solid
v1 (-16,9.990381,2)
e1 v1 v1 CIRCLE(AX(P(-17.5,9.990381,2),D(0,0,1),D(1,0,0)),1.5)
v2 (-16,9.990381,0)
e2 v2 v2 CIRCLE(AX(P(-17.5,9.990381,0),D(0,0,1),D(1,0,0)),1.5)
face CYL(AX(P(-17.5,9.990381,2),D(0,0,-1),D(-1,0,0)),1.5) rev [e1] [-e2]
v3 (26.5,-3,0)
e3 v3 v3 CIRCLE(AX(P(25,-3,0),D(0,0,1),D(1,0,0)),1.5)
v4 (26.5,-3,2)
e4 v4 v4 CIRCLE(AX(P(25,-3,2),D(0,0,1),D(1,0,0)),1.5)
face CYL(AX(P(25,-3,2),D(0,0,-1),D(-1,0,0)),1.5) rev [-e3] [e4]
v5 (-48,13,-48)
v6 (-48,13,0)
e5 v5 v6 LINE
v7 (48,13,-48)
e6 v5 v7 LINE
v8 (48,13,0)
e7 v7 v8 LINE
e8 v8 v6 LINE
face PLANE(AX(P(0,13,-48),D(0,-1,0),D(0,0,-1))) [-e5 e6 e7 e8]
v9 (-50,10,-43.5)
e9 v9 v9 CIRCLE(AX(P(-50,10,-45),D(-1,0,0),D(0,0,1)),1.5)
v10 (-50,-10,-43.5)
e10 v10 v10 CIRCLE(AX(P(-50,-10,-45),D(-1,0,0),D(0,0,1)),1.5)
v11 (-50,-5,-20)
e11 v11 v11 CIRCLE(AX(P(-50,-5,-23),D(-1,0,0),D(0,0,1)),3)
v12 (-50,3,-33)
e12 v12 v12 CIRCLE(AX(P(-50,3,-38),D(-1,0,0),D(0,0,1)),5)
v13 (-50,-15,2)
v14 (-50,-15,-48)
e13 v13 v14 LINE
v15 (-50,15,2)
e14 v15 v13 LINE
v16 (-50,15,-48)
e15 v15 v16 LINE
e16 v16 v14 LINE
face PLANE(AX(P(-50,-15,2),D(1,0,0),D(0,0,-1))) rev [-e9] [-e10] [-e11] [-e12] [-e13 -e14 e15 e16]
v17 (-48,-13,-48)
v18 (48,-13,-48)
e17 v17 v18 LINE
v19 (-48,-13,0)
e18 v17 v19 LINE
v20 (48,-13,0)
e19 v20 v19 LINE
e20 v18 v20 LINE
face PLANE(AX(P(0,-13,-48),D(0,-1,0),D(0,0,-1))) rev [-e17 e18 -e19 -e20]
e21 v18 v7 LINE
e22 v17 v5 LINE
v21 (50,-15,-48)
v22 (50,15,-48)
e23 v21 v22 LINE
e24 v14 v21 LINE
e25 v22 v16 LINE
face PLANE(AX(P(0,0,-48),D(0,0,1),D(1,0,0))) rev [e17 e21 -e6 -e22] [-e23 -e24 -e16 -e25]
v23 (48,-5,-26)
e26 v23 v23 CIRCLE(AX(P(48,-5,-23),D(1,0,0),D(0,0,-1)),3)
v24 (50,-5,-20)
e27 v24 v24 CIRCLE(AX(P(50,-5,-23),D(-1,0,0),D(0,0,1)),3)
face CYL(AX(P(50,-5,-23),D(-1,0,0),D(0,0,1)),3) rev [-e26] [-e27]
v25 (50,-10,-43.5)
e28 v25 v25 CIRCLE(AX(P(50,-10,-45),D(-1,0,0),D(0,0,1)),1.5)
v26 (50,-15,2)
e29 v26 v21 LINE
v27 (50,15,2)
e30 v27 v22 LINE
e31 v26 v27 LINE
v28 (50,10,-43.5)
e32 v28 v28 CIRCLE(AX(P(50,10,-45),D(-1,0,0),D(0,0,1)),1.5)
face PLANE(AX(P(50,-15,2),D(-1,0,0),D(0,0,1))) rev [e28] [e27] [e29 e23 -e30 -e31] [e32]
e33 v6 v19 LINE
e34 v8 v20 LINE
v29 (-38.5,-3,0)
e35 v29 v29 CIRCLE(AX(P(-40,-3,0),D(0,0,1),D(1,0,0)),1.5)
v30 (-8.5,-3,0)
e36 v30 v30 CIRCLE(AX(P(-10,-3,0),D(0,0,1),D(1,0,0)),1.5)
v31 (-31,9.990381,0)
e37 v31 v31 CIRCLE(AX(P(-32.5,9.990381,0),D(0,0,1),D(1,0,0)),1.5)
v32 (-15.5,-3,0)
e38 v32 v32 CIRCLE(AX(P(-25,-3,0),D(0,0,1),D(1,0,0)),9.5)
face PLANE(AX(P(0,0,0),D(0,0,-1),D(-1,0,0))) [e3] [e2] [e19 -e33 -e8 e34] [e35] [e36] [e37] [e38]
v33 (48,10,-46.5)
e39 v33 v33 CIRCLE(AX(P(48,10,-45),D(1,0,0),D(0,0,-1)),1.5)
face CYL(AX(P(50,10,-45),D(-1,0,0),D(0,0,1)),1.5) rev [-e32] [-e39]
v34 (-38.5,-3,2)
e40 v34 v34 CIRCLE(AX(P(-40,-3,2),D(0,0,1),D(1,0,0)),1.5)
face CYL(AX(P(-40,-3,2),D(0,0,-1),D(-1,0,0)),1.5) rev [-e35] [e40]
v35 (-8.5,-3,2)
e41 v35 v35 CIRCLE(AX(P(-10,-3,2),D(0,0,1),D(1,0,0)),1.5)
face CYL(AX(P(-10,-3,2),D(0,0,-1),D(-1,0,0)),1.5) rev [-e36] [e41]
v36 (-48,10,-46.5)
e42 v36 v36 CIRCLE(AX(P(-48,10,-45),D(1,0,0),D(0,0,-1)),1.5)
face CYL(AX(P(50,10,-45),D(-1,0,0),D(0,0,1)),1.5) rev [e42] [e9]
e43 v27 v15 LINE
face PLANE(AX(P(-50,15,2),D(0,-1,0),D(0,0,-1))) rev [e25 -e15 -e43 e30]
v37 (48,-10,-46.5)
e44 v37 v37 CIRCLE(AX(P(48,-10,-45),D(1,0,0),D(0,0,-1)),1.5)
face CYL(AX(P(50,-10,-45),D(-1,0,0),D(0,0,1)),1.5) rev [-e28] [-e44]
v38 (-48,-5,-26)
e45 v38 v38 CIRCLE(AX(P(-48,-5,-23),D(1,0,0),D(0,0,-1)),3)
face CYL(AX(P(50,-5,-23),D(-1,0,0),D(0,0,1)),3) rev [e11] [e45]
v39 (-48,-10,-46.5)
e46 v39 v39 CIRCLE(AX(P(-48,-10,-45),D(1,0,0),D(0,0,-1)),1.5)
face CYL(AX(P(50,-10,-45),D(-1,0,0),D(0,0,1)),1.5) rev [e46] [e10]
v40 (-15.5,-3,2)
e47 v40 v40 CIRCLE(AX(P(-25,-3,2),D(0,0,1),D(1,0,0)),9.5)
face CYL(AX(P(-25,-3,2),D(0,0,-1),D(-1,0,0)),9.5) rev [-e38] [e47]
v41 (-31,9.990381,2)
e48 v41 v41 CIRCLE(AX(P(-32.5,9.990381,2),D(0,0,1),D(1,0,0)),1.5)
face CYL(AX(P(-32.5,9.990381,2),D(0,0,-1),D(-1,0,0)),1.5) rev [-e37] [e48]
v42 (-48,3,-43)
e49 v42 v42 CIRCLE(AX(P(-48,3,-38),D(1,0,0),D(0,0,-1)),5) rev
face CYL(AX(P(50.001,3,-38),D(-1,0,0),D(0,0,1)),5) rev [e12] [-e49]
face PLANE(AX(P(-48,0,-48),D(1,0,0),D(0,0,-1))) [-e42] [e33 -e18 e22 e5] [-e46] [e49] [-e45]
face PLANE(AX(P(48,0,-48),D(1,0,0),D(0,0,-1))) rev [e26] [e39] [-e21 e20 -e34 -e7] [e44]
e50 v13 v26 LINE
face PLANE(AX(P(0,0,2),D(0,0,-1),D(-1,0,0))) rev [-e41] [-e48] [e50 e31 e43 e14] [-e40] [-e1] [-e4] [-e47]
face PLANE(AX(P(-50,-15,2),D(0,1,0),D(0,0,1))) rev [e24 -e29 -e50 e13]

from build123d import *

# Parameters (mm, degrees)
SKETCH1_W           = 100
SKETCH1_H           = 30
SKETCH1_R           = 9.5
SKETCH1_R_2         = 1.5
BOSS_EXTRUDE1_DEPTH = 2
SKETCH2_W           = 100
SKETCH2_H           = 30
SKETCH2_W_2         = 96
SKETCH2_H_2         = 26
BOSS_EXTRUDE3_DEPTH = 50
CUT_EXTRUDE1_REACH  = 102
SKETCH4_R           = 5
SKETCH5_R           = 1.5
CUT_EXTRUDE2_DEPTH  = 101
SKETCH6_R           = 3
CUT_EXTRUDE3_DEPTH  = 101


with BuildPart() as part:
    # Sketch1 → Boss-Extrude1 (new body)
    with BuildSketch(Plane.XY):
        Rectangle(SKETCH1_W, SKETCH1_H)
        with Locations((-25, -3)):
            Circle(SKETCH1_R, mode=Mode.SUBTRACT)
        with Locations((-40, -3)):
            Circle(SKETCH1_R_2, mode=Mode.SUBTRACT)
        with Locations((-32.5, 9.990381057)):
            Circle(SKETCH1_R_2, mode=Mode.SUBTRACT)
        with Locations((-17.5, 9.990381057)):
            Circle(SKETCH1_R_2, mode=Mode.SUBTRACT)
        with Locations((-10, -3)):
            Circle(SKETCH1_R_2, mode=Mode.SUBTRACT)
        with Locations((25, -3)):
            Circle(SKETCH1_R_2, mode=Mode.SUBTRACT)
    extrude(amount=BOSS_EXTRUDE1_DEPTH)

    # Sketch2 → Boss-Extrude3 (add)
    with BuildSketch(Plane.XY.offset(2)):
        Rectangle(SKETCH2_W, SKETCH2_H)
        Rectangle(SKETCH2_W_2, SKETCH2_H_2, mode=Mode.SUBTRACT)
    extrude(amount=-BOSS_EXTRUDE3_DEPTH)

    # Sketch4 → Cut-Extrude1 (cut, up to next)
    with BuildSketch(Plane.ZY.offset(50), mode=Mode.PRIVATE) as cut_extrude1_sk1:
        with Locations((-38, 3)):
            Circle(SKETCH4_R)
    cut_extrude1_tool1 = extrude(cut_extrude1_sk1.sketch, amount=-CUT_EXTRUDE1_REACH, mode=Mode.PRIVATE) & part.part
    add(cut_extrude1_tool1.solids().sort_by_distance((-50, 3, -38))[0], mode=Mode.SUBTRACT)

    # Sketch5 → Cut-Extrude2 (cut, through all)
    with BuildSketch(Plane.ZY.offset(50)):
        with Locations((-45, 10)):
            Circle(SKETCH5_R)
        with Locations((-45, -10)):
            Circle(SKETCH5_R)
    extrude(amount=-CUT_EXTRUDE2_DEPTH, mode=Mode.SUBTRACT)

    # Sketch6 → Cut-Extrude3 (cut, through all)
    with BuildSketch(Plane.ZY.offset(50)):
        with Locations((-23, -5)):
            Circle(SKETCH6_R)
    extrude(amount=-CUT_EXTRUDE3_DEPTH, mode=Mode.SUBTRACT)


solid = part.part
